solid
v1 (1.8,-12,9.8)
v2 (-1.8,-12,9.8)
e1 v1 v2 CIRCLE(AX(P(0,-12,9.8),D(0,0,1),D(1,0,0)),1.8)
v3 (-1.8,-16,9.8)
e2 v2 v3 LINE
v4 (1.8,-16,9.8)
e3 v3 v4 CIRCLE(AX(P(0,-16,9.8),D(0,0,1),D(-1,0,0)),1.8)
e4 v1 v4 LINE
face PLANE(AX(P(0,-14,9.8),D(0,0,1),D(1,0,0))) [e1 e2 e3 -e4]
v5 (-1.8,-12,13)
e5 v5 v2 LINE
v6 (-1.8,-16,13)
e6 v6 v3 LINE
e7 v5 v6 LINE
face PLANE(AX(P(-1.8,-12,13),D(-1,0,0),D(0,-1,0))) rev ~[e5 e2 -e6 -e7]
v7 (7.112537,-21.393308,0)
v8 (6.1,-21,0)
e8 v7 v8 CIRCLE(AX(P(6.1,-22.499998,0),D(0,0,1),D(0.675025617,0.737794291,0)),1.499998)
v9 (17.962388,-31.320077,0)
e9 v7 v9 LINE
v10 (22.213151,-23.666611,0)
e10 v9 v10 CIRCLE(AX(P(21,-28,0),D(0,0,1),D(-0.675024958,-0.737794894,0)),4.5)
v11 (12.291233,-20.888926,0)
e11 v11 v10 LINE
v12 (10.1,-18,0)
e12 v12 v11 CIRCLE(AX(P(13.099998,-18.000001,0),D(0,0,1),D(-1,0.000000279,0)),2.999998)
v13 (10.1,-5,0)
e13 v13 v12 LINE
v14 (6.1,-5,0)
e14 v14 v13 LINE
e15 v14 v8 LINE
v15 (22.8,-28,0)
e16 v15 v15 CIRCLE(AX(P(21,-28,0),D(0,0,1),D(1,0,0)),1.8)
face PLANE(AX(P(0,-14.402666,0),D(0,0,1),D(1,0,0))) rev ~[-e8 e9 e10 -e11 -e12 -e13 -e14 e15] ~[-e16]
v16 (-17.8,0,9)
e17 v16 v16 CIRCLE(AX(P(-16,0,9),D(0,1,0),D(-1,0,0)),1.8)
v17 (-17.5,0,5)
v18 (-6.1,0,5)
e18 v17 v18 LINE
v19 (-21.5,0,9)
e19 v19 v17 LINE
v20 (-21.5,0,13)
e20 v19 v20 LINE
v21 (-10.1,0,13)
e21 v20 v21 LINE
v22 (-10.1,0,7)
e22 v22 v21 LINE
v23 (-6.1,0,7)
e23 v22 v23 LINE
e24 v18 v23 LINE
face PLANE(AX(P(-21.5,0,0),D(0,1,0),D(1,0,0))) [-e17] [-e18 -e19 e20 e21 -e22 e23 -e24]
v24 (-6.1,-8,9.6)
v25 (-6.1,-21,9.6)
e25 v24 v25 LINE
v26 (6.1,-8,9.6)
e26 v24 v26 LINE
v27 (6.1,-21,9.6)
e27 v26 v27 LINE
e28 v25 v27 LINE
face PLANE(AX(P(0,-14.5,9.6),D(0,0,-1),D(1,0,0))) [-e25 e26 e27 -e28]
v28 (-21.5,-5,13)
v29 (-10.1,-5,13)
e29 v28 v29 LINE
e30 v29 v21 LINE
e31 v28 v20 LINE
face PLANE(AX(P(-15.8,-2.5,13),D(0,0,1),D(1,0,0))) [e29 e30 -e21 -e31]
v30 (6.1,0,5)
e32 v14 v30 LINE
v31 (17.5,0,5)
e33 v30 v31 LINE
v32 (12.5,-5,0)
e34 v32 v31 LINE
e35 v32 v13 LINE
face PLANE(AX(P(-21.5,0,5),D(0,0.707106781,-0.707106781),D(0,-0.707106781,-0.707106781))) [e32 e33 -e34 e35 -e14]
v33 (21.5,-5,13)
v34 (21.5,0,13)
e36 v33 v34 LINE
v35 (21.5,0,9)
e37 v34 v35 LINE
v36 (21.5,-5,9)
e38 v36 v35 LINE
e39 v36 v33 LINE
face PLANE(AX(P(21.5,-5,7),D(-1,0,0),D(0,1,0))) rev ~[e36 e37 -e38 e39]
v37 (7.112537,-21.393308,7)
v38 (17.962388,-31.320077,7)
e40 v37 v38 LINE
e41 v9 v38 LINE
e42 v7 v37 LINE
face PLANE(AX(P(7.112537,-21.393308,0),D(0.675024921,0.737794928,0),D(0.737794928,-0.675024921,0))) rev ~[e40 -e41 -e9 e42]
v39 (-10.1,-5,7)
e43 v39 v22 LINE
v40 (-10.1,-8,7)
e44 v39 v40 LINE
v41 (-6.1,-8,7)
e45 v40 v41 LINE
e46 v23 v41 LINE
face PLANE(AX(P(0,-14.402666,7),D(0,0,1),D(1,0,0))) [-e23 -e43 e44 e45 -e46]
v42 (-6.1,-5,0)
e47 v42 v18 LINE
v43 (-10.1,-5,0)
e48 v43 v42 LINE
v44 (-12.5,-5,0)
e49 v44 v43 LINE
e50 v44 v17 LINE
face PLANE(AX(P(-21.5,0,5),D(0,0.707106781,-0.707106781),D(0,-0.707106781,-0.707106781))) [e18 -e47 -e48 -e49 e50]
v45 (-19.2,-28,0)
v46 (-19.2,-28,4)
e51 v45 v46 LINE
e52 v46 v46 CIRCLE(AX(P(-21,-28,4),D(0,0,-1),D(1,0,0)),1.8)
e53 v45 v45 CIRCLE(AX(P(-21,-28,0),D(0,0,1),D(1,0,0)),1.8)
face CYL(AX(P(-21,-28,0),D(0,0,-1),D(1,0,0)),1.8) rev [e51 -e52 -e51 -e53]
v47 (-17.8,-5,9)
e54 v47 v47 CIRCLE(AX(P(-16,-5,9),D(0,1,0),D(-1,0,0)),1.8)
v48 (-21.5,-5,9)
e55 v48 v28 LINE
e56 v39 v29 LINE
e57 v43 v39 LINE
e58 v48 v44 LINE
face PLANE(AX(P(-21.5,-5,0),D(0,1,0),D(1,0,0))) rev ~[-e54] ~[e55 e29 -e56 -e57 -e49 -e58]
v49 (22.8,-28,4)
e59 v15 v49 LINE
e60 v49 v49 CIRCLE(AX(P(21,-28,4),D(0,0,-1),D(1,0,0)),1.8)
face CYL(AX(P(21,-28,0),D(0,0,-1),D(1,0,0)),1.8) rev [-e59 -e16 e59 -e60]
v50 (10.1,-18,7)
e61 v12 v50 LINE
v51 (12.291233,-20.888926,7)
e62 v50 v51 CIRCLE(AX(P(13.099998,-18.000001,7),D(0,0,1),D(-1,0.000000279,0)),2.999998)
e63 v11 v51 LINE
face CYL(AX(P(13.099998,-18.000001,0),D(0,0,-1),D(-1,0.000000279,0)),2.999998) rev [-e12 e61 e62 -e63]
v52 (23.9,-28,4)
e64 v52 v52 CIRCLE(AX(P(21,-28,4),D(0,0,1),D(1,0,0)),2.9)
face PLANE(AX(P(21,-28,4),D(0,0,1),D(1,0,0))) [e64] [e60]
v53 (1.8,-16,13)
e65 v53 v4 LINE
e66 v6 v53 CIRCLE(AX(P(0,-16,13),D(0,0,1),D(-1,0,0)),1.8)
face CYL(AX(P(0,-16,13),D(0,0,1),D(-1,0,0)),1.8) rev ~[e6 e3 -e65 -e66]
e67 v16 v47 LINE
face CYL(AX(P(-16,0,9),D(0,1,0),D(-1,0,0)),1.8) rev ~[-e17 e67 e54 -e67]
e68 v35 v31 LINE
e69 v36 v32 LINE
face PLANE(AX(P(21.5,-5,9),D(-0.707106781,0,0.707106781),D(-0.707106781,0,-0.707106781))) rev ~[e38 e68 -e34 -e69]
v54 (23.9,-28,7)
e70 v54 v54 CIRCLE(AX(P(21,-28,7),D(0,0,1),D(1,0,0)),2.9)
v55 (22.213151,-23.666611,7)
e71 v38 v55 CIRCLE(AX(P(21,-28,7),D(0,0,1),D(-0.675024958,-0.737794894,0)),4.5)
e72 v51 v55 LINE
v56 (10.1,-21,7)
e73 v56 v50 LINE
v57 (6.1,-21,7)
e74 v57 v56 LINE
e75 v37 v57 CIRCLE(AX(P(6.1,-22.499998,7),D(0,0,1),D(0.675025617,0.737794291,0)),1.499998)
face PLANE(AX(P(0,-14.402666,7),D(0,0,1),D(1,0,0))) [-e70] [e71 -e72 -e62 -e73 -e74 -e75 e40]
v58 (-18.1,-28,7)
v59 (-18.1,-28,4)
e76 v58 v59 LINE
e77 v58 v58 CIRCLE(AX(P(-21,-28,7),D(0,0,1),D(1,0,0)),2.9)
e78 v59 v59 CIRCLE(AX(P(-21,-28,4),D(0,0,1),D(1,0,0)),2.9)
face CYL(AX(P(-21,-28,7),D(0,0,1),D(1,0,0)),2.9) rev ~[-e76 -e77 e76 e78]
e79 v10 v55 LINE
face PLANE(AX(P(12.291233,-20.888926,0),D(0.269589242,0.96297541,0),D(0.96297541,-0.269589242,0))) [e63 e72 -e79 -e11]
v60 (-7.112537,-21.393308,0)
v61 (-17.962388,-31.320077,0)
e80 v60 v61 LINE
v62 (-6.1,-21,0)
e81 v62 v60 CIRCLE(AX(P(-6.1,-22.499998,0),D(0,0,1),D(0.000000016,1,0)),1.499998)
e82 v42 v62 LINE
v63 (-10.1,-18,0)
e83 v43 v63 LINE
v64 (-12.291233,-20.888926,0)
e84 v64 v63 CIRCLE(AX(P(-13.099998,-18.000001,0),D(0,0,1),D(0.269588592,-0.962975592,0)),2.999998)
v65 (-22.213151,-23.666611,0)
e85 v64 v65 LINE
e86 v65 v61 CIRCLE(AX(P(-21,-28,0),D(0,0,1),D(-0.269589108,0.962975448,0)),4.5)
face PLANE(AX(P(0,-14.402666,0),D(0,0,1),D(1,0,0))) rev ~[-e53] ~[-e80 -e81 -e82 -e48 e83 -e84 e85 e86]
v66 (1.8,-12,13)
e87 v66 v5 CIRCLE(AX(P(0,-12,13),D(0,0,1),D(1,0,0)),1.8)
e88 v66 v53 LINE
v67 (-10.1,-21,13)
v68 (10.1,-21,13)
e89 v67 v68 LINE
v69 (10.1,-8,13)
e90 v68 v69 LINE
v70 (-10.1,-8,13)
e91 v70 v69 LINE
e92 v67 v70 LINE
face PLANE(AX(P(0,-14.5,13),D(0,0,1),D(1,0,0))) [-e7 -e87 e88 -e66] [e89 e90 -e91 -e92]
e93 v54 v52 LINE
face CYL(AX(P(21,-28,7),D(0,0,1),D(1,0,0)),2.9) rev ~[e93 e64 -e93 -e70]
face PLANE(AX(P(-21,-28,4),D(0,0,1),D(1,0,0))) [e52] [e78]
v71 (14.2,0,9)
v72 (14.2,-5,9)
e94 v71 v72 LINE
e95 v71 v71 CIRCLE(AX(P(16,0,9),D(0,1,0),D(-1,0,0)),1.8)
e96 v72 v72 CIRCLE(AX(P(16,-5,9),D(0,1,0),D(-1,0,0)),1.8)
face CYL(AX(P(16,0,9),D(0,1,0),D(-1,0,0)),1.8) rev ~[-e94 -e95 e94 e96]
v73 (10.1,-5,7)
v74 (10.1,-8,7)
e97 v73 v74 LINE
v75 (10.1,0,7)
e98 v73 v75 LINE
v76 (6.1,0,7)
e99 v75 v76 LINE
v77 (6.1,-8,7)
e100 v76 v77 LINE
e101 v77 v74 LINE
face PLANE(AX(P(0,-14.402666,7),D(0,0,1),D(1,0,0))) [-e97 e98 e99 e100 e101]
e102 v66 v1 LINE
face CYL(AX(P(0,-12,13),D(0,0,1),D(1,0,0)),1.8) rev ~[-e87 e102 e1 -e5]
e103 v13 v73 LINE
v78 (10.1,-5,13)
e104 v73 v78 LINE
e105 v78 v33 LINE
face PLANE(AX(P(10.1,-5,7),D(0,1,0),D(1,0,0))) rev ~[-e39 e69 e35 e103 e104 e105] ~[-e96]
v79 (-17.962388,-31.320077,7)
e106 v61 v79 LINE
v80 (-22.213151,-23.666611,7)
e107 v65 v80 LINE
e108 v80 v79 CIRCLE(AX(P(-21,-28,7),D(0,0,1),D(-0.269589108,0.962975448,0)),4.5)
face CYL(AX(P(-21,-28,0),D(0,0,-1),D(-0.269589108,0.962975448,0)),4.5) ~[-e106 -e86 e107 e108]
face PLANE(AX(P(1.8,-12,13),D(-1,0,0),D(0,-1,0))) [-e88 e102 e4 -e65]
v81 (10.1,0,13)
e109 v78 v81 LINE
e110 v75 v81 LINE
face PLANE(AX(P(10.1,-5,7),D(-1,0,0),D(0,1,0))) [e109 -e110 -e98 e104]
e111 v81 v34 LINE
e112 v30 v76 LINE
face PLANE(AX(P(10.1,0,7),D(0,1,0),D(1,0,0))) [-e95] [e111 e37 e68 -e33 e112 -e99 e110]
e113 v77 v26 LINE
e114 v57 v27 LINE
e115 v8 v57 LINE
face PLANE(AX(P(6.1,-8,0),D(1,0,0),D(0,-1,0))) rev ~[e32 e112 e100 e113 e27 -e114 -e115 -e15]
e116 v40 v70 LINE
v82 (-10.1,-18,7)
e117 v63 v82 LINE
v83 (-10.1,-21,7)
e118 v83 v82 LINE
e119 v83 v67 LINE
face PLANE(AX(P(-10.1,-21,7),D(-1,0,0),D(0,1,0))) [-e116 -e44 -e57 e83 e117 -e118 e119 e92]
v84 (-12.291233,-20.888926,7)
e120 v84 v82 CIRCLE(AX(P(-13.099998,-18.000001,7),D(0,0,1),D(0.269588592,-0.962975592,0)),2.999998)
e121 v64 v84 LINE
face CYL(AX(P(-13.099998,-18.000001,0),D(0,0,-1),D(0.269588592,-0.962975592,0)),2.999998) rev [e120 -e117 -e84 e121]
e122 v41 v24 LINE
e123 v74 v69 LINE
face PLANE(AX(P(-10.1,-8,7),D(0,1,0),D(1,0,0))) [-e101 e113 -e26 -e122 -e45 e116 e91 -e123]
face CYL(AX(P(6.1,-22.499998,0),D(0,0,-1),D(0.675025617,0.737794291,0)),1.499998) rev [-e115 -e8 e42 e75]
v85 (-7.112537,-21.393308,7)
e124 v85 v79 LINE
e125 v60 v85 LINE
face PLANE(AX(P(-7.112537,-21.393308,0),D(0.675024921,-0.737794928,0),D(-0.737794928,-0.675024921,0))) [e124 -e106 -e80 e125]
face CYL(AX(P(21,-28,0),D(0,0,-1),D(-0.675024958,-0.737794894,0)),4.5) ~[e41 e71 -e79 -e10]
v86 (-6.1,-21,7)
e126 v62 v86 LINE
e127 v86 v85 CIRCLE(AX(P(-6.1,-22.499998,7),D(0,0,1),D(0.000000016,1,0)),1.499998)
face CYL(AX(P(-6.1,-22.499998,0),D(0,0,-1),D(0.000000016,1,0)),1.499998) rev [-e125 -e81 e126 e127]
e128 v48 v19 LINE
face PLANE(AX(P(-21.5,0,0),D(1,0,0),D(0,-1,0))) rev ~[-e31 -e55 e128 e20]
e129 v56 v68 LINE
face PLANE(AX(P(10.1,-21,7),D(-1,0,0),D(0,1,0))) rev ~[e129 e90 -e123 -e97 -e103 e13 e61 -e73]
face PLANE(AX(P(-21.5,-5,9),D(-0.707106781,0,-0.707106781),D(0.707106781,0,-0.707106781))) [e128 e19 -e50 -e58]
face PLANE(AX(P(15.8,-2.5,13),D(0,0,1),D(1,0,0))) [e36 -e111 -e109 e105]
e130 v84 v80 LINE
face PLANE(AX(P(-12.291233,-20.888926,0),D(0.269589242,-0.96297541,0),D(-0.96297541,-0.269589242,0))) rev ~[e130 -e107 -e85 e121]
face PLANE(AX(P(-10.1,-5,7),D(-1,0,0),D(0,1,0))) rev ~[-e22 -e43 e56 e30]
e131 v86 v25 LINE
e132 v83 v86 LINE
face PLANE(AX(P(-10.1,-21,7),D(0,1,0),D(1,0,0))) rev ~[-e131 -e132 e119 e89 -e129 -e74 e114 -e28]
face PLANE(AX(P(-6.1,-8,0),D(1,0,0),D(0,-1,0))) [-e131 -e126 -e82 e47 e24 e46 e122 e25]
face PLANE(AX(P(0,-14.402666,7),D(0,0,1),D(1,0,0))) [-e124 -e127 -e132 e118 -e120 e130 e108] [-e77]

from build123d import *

# Parameters (mm, degrees)
SKETCH_R        = 1.8
PAD_DEPTH       = 7
SKETCH001_R     = 2.9
POCKET_DEPTH    = 3
SKETCH002_W     = 11.4
SKETCH002_H     = 5
PAD001_DEPTH    = 6
SKETCH005_R     = 1.8
POCKET002_DEPTH = 5
SKETCH003_W     = 20.2
SKETCH003_H     = 13
PAD002_DEPTH    = 6
SKETCH009_W     = 12.2
SKETCH009_H     = 13
POCKET006_DEPTH = 9.6
POCKET003_DEPTH = 47.001
POCKET004_DEPTH = 5
POCKET005_DEPTH = 3.2


with BuildPart() as part:
    # Sketch → Pad (new body)
    with BuildSketch(Plane.XY):
        with BuildLine():
            Line((-21.5, 0), (-21.5, -5))
            Line((-21.5, -5), (-10.1, -5))
            Line((-10.1, -5), (-10.1, -18))
            ThreePointArc((-12.291233, -20.888926), (-10.70978, -19.812967), (-10.1, -18))
            Line((-12.291233, -20.888926), (-22.213151, -23.666611))
            ThreePointArc((-22.213151, -23.666611), (-24.933961, -30.184937), (-17.962388, -31.320077))
            Line((-7.112537, -21.393308), (-17.962388, -31.320077))
            ThreePointArc((-6.1, -21), (-6.643121, -21.10178), (-7.112537, -21.393308))
            Line((-6.1, -21), (6.1, -21))
            ThreePointArc((7.112537, -21.393308), (6.643121, -21.10178), (6.1, -21))
            Line((7.112537, -21.393308), (17.962388, -31.320077))
            ThreePointArc((17.962388, -31.320077), (24.933961, -30.184937), (22.213151, -23.666611))
            Line((12.291233, -20.888926), (22.213151, -23.666611))
            ThreePointArc((10.1, -18), (10.70978, -19.812967), (12.291233, -20.888926))
            Line((10.1, -5), (10.1, -18))
            Line((21.5, -5), (10.1, -5))
            Line((21.5, -5), (21.5, 0))
            Line((21.5, 0), (6.1, 0))
            Line((6.1, 0), (6.1, -8))
            Line((-6.1, -8), (6.1, -8))
            Line((-6.1, 0), (-6.1, -8))
            Line((-21.5, 0), (-6.1, 0))
        make_face()
        with Locations((-21, -28)):
            Circle(SKETCH_R, mode=Mode.SUBTRACT)
        with Locations((21, -28)):
            Circle(SKETCH_R, mode=Mode.SUBTRACT)
    extrude(amount=PAD_DEPTH)

    # Sketch001 (on Face26 of Pad) → Pocket (cut)
    with BuildSketch(Plane.XY.offset(7)):
        with Locations((-21, -28)):
            Circle(SKETCH001_R)
        with Locations((21, -28)):
            Circle(SKETCH001_R)
    extrude(amount=-POCKET_DEPTH, mode=Mode.SUBTRACT)

    # Sketch002 (on Face5 of Pocket) → Pad001 (join)
    with BuildSketch(Plane.XY.offset(7)):
        with Locations((15.8, -2.5)):
            Rectangle(SKETCH002_W, SKETCH002_H)
        with Locations((-15.8, -2.5)):
            Rectangle(SKETCH002_W, SKETCH002_H)
    extrude(amount=PAD001_DEPTH)

    # Sketch005 (on Face30 of Pad001) → Pocket002 (cut)
    with BuildSketch(Plane(origin=(0, 0, 0), x_dir=(-1, 0, 0), z_dir=(0, 1, 0))):
        with Locations((-16, 9)):
            Circle(SKETCH005_R)
        with Locations((16, 9)):
            Circle(SKETCH005_R)
    extrude(amount=-POCKET002_DEPTH, mode=Mode.SUBTRACT)

    # Sketch003 (on Face3 of Pad001) → Pad002 (join)
    with BuildSketch(Plane.XY.offset(7)):
        with Locations((0, -14.5)):
            Rectangle(SKETCH003_W, SKETCH003_H)
    extrude(amount=PAD002_DEPTH)

    # Sketch009 (on Face1 of Pad002) → Pocket006 (cut)
    with BuildSketch(Plane(origin=(0, 0, 0), x_dir=(1, 0, 0), z_dir=(0, 0, -1))):
        with Locations((0, 14.5)):
            Rectangle(SKETCH009_W, SKETCH009_H)
    extrude(amount=-POCKET006_DEPTH, mode=Mode.SUBTRACT)

    # Sketch006 → Pocket003 (cut, through all)
    with BuildSketch(Plane(origin=(-21.5, 0, 0), x_dir=(0, -1, 0), z_dir=(-1, 0, 0))):
        Polygon((5, 0), (0, 0), (0, 5), align=None)
    extrude(amount=-POCKET003_DEPTH, mode=Mode.SUBTRACT)

    # Sketch007 (on Face29 of Pocket003) → Pocket004 (cut)
    with BuildSketch(Plane.XZ.offset(5)):
        Polygon((-21.5, 0), (-21.5, 9), (-12.5, 0), align=None)
        Polygon((21.5, 0), (21.5, 9), (12.5, 0), align=None)
    extrude(amount=-POCKET004_DEPTH, mode=Mode.SUBTRACT)

    # Sketch008 (on Face18 of Pocket004) → Pocket005 (cut)
    with BuildSketch(Plane.XY.offset(13)):
        with BuildLine():
            ThreePointArc((1.8, -12), (0, -10.2), (-1.8, -12))
            Line((-1.8, -12), (-1.8, -16))
            ThreePointArc((-1.8, -16), (0, -17.8), (1.8, -16))
            Line((1.8, -12), (1.8, -16))
        make_face()
    extrude(amount=-POCKET005_DEPTH, mode=Mode.SUBTRACT)


solid = part.part
